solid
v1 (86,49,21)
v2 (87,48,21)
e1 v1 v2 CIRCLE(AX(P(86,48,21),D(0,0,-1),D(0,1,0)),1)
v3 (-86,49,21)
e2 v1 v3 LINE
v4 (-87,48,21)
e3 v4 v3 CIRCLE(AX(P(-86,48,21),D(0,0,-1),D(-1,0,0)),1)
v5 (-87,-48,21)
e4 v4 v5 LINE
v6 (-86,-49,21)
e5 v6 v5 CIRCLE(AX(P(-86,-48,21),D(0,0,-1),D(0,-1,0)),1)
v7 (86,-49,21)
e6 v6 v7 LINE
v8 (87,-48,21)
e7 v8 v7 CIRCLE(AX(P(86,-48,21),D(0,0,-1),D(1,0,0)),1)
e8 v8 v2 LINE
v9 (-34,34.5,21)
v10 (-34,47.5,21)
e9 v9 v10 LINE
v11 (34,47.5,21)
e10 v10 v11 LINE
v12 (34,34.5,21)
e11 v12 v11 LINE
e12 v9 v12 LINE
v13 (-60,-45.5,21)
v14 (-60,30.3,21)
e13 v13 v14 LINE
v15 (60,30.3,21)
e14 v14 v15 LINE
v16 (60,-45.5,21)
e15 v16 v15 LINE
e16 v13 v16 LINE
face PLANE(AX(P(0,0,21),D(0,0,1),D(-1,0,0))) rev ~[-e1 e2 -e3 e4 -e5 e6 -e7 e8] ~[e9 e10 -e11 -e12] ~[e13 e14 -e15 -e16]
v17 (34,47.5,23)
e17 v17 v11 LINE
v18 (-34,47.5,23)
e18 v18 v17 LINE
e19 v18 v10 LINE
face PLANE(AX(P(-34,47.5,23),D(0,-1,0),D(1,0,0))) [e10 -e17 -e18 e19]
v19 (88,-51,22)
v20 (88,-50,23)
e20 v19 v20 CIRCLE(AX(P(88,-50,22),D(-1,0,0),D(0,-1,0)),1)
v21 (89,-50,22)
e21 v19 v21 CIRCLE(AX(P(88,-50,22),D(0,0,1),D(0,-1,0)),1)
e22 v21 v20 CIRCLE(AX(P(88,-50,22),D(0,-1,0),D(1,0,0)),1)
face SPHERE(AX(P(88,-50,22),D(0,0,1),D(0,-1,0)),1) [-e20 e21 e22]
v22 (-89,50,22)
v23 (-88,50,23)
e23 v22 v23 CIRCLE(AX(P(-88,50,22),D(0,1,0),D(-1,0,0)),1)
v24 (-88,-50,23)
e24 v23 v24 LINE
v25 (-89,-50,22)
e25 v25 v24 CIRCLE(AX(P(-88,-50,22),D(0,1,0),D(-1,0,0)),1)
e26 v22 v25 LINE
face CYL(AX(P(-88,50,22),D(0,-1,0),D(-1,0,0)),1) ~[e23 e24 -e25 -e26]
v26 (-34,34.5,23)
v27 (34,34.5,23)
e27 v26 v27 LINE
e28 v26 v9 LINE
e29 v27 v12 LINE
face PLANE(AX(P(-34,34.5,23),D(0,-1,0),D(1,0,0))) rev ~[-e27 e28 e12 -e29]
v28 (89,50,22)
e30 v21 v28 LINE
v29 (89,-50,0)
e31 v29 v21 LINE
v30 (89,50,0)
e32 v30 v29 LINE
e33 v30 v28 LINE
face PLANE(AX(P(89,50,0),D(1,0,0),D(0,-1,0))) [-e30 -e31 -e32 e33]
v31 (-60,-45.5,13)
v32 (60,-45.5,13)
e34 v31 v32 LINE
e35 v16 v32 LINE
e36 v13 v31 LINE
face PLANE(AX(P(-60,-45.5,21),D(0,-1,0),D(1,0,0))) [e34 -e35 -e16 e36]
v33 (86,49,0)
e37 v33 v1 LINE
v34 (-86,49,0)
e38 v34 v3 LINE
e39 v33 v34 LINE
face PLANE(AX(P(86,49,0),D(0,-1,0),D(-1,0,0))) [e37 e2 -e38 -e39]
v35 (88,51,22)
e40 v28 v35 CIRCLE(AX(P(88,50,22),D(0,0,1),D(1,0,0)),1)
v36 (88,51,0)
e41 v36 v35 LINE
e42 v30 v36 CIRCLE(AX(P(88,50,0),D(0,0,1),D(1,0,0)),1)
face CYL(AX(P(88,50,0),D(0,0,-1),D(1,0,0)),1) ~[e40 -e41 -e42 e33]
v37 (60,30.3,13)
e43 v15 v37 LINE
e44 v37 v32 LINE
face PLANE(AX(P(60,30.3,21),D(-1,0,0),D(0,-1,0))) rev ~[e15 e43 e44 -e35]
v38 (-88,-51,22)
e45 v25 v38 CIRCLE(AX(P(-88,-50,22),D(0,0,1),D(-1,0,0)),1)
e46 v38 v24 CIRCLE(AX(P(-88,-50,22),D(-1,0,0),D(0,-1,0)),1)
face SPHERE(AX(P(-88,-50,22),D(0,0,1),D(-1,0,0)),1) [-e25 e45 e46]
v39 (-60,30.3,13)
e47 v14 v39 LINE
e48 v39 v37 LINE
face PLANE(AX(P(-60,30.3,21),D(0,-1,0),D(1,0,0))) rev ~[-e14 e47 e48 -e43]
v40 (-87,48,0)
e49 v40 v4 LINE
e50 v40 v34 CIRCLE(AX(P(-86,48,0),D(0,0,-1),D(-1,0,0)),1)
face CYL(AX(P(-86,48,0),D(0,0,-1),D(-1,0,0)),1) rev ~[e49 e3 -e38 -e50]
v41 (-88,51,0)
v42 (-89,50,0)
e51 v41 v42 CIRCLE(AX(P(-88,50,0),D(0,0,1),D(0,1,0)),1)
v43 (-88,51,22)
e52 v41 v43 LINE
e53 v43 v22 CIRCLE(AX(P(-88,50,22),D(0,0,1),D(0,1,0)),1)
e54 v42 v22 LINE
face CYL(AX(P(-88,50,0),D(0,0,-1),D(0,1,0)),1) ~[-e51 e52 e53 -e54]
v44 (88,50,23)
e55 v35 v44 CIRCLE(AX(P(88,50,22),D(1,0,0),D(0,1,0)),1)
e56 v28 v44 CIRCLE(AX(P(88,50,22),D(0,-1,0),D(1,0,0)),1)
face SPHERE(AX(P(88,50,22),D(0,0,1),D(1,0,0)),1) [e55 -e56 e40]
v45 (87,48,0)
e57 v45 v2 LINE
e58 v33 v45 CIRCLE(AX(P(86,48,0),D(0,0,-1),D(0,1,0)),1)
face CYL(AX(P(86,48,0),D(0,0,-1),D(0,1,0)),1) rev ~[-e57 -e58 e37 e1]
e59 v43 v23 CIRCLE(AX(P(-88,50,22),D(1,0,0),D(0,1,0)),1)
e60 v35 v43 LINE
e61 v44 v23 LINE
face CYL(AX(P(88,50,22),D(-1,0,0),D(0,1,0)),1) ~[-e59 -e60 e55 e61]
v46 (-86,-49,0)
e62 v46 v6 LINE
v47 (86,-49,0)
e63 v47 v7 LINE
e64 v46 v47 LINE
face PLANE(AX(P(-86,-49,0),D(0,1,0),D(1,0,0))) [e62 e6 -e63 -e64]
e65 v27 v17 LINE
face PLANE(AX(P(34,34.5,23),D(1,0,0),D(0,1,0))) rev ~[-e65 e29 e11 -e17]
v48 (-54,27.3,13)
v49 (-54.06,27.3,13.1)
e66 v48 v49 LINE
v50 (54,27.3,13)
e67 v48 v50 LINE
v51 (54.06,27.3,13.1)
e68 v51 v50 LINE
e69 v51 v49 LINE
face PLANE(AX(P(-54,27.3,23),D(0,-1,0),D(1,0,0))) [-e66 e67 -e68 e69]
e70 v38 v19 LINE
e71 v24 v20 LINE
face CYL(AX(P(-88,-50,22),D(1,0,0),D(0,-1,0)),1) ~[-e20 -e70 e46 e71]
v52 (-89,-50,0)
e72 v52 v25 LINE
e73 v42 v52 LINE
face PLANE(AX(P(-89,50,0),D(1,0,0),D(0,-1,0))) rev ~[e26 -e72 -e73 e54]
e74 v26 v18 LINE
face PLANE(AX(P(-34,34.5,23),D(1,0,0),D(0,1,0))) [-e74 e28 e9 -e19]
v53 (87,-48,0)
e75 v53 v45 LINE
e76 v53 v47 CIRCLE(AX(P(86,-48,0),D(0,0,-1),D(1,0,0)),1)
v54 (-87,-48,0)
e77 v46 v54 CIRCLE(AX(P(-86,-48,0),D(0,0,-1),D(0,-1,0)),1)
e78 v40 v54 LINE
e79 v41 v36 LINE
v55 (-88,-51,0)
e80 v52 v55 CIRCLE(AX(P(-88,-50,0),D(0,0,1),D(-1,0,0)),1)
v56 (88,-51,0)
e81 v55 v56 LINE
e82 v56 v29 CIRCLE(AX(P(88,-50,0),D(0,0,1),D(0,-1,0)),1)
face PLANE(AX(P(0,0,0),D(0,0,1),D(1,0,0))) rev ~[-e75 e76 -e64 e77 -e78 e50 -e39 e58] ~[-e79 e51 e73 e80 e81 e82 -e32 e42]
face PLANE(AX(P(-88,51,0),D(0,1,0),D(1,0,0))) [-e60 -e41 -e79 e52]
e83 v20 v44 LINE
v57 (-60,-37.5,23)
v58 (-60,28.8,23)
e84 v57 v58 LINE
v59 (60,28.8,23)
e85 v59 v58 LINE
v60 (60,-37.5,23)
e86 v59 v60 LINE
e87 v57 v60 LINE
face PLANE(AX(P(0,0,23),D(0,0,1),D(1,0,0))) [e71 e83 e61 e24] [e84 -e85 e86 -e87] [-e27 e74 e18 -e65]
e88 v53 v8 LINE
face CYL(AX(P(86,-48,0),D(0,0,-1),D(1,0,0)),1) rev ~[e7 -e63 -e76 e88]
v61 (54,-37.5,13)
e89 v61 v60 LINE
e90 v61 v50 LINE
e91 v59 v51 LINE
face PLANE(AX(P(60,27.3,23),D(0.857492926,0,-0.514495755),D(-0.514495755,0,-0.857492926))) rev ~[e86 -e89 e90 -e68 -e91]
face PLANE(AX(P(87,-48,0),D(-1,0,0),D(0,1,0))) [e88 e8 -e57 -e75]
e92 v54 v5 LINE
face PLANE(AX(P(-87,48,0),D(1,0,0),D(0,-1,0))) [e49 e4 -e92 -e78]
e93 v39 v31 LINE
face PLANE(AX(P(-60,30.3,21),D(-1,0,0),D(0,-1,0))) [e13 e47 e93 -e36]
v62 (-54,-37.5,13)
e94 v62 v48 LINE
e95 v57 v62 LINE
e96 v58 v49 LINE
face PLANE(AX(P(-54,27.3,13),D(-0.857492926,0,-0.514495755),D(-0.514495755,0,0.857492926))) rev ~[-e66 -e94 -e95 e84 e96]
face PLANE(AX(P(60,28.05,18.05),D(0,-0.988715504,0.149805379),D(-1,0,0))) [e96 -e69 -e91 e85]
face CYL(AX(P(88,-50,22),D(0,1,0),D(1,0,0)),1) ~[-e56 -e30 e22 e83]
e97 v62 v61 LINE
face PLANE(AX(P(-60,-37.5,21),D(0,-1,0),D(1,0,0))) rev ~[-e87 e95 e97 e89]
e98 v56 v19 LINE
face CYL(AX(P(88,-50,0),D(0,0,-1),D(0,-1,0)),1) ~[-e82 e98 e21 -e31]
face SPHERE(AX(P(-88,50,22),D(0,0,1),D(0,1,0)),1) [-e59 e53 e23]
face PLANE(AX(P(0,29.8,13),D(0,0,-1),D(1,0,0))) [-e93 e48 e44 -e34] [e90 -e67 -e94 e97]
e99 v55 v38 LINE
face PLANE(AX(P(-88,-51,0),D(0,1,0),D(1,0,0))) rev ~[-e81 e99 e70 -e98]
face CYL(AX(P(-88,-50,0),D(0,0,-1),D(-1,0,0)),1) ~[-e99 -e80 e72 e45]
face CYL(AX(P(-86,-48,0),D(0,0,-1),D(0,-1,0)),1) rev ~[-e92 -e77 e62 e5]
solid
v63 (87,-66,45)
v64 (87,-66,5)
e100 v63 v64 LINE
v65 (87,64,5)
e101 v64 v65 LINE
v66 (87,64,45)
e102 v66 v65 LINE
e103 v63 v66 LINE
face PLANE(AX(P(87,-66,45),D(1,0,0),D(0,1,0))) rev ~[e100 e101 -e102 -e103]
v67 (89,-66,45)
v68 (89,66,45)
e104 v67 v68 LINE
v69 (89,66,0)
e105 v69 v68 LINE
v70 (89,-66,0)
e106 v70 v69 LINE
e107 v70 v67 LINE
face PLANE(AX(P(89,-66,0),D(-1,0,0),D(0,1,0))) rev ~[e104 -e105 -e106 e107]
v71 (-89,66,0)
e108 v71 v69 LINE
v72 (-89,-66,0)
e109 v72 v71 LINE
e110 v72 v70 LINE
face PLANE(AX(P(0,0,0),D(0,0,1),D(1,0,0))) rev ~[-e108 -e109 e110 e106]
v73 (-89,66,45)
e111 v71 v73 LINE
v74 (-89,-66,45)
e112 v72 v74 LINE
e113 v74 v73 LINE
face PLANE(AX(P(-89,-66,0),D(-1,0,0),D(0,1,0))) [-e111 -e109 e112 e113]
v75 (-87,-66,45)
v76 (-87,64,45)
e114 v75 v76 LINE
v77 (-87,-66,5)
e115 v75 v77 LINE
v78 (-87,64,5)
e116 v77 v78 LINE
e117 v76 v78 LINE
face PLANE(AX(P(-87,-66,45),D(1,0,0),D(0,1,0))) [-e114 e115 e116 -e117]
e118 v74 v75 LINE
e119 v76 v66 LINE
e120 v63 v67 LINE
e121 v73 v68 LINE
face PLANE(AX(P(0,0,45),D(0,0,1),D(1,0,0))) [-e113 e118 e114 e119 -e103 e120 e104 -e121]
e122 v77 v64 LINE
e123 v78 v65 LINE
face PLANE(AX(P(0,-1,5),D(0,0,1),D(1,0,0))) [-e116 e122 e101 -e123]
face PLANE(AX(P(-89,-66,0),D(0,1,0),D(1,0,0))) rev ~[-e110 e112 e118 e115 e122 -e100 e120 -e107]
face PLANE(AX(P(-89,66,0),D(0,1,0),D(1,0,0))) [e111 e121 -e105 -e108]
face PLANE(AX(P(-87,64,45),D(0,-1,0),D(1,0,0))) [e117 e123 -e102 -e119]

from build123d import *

# Parameters (mm, degrees)
SKETCH_W        = 178
SKETCH_H        = 132
PAD_DEPTH       = 45
SKETCH001_W     = 174
SKETCH001_H     = 130
POCKET_DEPTH    = 40
PAD001_DEPTH    = 23
FILLET_R        = 1
POCKET001_DEPTH = 21
SKETCH004_W     = 120
SKETCH004_H     = 66.8
POCKET002_DEPTH = 5
SKETCH005_W     = 68
SKETCH005_H     = 13
POCKET003_DEPTH = 5
SKETCH006_W     = 120
SKETCH006_H     = 66.8
PAD002_DEPTH    = 10
SKETCH007_W     = 108
SKETCH007_H     = 64.8
POCKET004_DEPTH = 11
POCKET005_DEPTH = 64.8
SKETCH009_W     = 120
SKETCH009_H     = 1
SKETCH009_H_2   = 8
PAD003_DEPTH    = 8
CHAMFER_SIZE2   = 9.9
CHAMFER_SIZE    = 1.5


with BuildPart() as screen_base:
    # Sketch → Pad (new body)
    with BuildSketch(Plane.XY):
        Rectangle(SKETCH_W, SKETCH_H)
    extrude(amount=PAD_DEPTH)

    # Sketch001 (on Face6 of Pad) → Pocket (cut)
    with BuildSketch(Plane.XY.offset(45)):
        with Locations((0, -1)):
            Rectangle(SKETCH001_W, SKETCH001_H)
    extrude(amount=-POCKET_DEPTH, mode=Mode.SUBTRACT)


with BuildPart() as screen_panel:
    # Sketch002 → Pad001 (new body)
    with BuildSketch(Plane.XY):
        with BuildLine():
            Line((-89, 50), (-89, -50))
            ThreePointArc((-89, -50), (-88.7071067812, -50.7071067812), (-88, -51))
            Line((-88, -51), (88, -51))
            ThreePointArc((88, -51), (88.7071067812, -50.7071067812), (89, -50))
            Line((89, 50), (89, -50))
            ThreePointArc((89, 50), (88.7071067812, 50.7071067812), (88, 51))
            Line((-88, 51), (88, 51))
            ThreePointArc((-88, 51), (-88.7071067812, 50.7071067812), (-89, 50))
        make_face()
    extrude(amount=PAD001_DEPTH)

    # Fillet
    fillet_edges = [screen_panel.edges().sort_by_distance(p)[0] for p in [
        (-89, 0, 23),
    ]]
    fillet(fillet_edges, radius=FILLET_R)

    # Sketch003 (on Face4 of Fillet) → Pocket001 (cut)
    with BuildSketch(Plane(origin=(0, 0, 0), x_dir=(1, 0, 0), z_dir=(0, 0, -1))):
        with BuildLine():
            Line((-87, -48), (-87, 48))
            ThreePointArc((-86, 49), (-86.7071067812, 48.7071067812), (-87, 48))
            Line((-86, 49), (86, 49))
            ThreePointArc((87, 48), (86.7071067812, 48.7071067812), (86, 49))
            Line((87, 48), (87, -48))
            ThreePointArc((86, -49), (86.7071067812, -48.7071067812), (87, -48))
            Line((86, -49), (-86, -49))
            ThreePointArc((-87, -48), (-86.7071067812, -48.7071067812), (-86, -49))
        make_face()
    extrude(amount=-POCKET001_DEPTH, mode=Mode.SUBTRACT)

    # Sketch004 (on Face22 of Pocket001) → Pocket002 (cut)
    with BuildSketch(Plane.XY.offset(23)):
        with Locations((0, -4.1)):
            Rectangle(SKETCH004_W, SKETCH004_H)
    extrude(amount=-POCKET002_DEPTH, mode=Mode.SUBTRACT)

    # Sketch005 (on Face22 of Pocket002) → Pocket003 (cut)
    with BuildSketch(Plane.XY.offset(23)):
        with Locations((0, 41)):
            Rectangle(SKETCH005_W, SKETCH005_H)
    extrude(amount=-POCKET003_DEPTH, mode=Mode.SUBTRACT)

    # Sketch006 (on Face22 of Pocket003) → Pad002 (join)
    with BuildSketch(Plane.XY.offset(23)):
        with Locations((0, -4.1)):
            Rectangle(SKETCH006_W, SKETCH006_H)
    extrude(amount=-PAD002_DEPTH)

    # Sketch007 (on Face28 of Pad002) → Pocket004 (cut)
    with BuildSketch(Plane.XY.offset(23)):
        with Locations((0, -5.1)):
            Rectangle(SKETCH007_W, SKETCH007_H)
    extrude(amount=-POCKET004_DEPTH, mode=Mode.SUBTRACT)

    # Sketch008 (on Face40 of Pocket004) → Pocket005 (cut)
    with BuildSketch(Plane.XZ.offset(-27.3)):
        Polygon((-60, 23), (-54, 23), (-54, 13), align=None)
        Polygon((54, 23), (60, 23), (54, 13), align=None)
    extrude(amount=POCKET005_DEPTH, mode=Mode.SUBTRACT)

    # Sketch009 (on Face27 of Pocket005) → Pad003 (join)
    with BuildSketch(Plane(origin=(0, 0, 21), x_dir=(1, 0, 0), z_dir=(0, 0, -1))):
        with Locations((0, -29.8)):
            Rectangle(SKETCH009_W, SKETCH009_H)
        with Locations((0, 41.5)):
            Rectangle(SKETCH009_W, SKETCH009_H_2)
    extrude(amount=PAD003_DEPTH)

    # Chamfer
    chamfer_edges = [screen_panel.edges().sort_by_distance(p)[0] for p in [
        (0, 27.3, 23),
        (57, 27.3, 23),
        (-57, 27.3, 23),
    ]]
    chamfer_side = screen_panel.faces().sort_by_distance((0, 28.3, 23))[0]
    chamfer(chamfer_edges, length=CHAMFER_SIZE, length2=CHAMFER_SIZE2, reference=chamfer_side)


solid = Compound([screen_base.part, screen_panel.part])
